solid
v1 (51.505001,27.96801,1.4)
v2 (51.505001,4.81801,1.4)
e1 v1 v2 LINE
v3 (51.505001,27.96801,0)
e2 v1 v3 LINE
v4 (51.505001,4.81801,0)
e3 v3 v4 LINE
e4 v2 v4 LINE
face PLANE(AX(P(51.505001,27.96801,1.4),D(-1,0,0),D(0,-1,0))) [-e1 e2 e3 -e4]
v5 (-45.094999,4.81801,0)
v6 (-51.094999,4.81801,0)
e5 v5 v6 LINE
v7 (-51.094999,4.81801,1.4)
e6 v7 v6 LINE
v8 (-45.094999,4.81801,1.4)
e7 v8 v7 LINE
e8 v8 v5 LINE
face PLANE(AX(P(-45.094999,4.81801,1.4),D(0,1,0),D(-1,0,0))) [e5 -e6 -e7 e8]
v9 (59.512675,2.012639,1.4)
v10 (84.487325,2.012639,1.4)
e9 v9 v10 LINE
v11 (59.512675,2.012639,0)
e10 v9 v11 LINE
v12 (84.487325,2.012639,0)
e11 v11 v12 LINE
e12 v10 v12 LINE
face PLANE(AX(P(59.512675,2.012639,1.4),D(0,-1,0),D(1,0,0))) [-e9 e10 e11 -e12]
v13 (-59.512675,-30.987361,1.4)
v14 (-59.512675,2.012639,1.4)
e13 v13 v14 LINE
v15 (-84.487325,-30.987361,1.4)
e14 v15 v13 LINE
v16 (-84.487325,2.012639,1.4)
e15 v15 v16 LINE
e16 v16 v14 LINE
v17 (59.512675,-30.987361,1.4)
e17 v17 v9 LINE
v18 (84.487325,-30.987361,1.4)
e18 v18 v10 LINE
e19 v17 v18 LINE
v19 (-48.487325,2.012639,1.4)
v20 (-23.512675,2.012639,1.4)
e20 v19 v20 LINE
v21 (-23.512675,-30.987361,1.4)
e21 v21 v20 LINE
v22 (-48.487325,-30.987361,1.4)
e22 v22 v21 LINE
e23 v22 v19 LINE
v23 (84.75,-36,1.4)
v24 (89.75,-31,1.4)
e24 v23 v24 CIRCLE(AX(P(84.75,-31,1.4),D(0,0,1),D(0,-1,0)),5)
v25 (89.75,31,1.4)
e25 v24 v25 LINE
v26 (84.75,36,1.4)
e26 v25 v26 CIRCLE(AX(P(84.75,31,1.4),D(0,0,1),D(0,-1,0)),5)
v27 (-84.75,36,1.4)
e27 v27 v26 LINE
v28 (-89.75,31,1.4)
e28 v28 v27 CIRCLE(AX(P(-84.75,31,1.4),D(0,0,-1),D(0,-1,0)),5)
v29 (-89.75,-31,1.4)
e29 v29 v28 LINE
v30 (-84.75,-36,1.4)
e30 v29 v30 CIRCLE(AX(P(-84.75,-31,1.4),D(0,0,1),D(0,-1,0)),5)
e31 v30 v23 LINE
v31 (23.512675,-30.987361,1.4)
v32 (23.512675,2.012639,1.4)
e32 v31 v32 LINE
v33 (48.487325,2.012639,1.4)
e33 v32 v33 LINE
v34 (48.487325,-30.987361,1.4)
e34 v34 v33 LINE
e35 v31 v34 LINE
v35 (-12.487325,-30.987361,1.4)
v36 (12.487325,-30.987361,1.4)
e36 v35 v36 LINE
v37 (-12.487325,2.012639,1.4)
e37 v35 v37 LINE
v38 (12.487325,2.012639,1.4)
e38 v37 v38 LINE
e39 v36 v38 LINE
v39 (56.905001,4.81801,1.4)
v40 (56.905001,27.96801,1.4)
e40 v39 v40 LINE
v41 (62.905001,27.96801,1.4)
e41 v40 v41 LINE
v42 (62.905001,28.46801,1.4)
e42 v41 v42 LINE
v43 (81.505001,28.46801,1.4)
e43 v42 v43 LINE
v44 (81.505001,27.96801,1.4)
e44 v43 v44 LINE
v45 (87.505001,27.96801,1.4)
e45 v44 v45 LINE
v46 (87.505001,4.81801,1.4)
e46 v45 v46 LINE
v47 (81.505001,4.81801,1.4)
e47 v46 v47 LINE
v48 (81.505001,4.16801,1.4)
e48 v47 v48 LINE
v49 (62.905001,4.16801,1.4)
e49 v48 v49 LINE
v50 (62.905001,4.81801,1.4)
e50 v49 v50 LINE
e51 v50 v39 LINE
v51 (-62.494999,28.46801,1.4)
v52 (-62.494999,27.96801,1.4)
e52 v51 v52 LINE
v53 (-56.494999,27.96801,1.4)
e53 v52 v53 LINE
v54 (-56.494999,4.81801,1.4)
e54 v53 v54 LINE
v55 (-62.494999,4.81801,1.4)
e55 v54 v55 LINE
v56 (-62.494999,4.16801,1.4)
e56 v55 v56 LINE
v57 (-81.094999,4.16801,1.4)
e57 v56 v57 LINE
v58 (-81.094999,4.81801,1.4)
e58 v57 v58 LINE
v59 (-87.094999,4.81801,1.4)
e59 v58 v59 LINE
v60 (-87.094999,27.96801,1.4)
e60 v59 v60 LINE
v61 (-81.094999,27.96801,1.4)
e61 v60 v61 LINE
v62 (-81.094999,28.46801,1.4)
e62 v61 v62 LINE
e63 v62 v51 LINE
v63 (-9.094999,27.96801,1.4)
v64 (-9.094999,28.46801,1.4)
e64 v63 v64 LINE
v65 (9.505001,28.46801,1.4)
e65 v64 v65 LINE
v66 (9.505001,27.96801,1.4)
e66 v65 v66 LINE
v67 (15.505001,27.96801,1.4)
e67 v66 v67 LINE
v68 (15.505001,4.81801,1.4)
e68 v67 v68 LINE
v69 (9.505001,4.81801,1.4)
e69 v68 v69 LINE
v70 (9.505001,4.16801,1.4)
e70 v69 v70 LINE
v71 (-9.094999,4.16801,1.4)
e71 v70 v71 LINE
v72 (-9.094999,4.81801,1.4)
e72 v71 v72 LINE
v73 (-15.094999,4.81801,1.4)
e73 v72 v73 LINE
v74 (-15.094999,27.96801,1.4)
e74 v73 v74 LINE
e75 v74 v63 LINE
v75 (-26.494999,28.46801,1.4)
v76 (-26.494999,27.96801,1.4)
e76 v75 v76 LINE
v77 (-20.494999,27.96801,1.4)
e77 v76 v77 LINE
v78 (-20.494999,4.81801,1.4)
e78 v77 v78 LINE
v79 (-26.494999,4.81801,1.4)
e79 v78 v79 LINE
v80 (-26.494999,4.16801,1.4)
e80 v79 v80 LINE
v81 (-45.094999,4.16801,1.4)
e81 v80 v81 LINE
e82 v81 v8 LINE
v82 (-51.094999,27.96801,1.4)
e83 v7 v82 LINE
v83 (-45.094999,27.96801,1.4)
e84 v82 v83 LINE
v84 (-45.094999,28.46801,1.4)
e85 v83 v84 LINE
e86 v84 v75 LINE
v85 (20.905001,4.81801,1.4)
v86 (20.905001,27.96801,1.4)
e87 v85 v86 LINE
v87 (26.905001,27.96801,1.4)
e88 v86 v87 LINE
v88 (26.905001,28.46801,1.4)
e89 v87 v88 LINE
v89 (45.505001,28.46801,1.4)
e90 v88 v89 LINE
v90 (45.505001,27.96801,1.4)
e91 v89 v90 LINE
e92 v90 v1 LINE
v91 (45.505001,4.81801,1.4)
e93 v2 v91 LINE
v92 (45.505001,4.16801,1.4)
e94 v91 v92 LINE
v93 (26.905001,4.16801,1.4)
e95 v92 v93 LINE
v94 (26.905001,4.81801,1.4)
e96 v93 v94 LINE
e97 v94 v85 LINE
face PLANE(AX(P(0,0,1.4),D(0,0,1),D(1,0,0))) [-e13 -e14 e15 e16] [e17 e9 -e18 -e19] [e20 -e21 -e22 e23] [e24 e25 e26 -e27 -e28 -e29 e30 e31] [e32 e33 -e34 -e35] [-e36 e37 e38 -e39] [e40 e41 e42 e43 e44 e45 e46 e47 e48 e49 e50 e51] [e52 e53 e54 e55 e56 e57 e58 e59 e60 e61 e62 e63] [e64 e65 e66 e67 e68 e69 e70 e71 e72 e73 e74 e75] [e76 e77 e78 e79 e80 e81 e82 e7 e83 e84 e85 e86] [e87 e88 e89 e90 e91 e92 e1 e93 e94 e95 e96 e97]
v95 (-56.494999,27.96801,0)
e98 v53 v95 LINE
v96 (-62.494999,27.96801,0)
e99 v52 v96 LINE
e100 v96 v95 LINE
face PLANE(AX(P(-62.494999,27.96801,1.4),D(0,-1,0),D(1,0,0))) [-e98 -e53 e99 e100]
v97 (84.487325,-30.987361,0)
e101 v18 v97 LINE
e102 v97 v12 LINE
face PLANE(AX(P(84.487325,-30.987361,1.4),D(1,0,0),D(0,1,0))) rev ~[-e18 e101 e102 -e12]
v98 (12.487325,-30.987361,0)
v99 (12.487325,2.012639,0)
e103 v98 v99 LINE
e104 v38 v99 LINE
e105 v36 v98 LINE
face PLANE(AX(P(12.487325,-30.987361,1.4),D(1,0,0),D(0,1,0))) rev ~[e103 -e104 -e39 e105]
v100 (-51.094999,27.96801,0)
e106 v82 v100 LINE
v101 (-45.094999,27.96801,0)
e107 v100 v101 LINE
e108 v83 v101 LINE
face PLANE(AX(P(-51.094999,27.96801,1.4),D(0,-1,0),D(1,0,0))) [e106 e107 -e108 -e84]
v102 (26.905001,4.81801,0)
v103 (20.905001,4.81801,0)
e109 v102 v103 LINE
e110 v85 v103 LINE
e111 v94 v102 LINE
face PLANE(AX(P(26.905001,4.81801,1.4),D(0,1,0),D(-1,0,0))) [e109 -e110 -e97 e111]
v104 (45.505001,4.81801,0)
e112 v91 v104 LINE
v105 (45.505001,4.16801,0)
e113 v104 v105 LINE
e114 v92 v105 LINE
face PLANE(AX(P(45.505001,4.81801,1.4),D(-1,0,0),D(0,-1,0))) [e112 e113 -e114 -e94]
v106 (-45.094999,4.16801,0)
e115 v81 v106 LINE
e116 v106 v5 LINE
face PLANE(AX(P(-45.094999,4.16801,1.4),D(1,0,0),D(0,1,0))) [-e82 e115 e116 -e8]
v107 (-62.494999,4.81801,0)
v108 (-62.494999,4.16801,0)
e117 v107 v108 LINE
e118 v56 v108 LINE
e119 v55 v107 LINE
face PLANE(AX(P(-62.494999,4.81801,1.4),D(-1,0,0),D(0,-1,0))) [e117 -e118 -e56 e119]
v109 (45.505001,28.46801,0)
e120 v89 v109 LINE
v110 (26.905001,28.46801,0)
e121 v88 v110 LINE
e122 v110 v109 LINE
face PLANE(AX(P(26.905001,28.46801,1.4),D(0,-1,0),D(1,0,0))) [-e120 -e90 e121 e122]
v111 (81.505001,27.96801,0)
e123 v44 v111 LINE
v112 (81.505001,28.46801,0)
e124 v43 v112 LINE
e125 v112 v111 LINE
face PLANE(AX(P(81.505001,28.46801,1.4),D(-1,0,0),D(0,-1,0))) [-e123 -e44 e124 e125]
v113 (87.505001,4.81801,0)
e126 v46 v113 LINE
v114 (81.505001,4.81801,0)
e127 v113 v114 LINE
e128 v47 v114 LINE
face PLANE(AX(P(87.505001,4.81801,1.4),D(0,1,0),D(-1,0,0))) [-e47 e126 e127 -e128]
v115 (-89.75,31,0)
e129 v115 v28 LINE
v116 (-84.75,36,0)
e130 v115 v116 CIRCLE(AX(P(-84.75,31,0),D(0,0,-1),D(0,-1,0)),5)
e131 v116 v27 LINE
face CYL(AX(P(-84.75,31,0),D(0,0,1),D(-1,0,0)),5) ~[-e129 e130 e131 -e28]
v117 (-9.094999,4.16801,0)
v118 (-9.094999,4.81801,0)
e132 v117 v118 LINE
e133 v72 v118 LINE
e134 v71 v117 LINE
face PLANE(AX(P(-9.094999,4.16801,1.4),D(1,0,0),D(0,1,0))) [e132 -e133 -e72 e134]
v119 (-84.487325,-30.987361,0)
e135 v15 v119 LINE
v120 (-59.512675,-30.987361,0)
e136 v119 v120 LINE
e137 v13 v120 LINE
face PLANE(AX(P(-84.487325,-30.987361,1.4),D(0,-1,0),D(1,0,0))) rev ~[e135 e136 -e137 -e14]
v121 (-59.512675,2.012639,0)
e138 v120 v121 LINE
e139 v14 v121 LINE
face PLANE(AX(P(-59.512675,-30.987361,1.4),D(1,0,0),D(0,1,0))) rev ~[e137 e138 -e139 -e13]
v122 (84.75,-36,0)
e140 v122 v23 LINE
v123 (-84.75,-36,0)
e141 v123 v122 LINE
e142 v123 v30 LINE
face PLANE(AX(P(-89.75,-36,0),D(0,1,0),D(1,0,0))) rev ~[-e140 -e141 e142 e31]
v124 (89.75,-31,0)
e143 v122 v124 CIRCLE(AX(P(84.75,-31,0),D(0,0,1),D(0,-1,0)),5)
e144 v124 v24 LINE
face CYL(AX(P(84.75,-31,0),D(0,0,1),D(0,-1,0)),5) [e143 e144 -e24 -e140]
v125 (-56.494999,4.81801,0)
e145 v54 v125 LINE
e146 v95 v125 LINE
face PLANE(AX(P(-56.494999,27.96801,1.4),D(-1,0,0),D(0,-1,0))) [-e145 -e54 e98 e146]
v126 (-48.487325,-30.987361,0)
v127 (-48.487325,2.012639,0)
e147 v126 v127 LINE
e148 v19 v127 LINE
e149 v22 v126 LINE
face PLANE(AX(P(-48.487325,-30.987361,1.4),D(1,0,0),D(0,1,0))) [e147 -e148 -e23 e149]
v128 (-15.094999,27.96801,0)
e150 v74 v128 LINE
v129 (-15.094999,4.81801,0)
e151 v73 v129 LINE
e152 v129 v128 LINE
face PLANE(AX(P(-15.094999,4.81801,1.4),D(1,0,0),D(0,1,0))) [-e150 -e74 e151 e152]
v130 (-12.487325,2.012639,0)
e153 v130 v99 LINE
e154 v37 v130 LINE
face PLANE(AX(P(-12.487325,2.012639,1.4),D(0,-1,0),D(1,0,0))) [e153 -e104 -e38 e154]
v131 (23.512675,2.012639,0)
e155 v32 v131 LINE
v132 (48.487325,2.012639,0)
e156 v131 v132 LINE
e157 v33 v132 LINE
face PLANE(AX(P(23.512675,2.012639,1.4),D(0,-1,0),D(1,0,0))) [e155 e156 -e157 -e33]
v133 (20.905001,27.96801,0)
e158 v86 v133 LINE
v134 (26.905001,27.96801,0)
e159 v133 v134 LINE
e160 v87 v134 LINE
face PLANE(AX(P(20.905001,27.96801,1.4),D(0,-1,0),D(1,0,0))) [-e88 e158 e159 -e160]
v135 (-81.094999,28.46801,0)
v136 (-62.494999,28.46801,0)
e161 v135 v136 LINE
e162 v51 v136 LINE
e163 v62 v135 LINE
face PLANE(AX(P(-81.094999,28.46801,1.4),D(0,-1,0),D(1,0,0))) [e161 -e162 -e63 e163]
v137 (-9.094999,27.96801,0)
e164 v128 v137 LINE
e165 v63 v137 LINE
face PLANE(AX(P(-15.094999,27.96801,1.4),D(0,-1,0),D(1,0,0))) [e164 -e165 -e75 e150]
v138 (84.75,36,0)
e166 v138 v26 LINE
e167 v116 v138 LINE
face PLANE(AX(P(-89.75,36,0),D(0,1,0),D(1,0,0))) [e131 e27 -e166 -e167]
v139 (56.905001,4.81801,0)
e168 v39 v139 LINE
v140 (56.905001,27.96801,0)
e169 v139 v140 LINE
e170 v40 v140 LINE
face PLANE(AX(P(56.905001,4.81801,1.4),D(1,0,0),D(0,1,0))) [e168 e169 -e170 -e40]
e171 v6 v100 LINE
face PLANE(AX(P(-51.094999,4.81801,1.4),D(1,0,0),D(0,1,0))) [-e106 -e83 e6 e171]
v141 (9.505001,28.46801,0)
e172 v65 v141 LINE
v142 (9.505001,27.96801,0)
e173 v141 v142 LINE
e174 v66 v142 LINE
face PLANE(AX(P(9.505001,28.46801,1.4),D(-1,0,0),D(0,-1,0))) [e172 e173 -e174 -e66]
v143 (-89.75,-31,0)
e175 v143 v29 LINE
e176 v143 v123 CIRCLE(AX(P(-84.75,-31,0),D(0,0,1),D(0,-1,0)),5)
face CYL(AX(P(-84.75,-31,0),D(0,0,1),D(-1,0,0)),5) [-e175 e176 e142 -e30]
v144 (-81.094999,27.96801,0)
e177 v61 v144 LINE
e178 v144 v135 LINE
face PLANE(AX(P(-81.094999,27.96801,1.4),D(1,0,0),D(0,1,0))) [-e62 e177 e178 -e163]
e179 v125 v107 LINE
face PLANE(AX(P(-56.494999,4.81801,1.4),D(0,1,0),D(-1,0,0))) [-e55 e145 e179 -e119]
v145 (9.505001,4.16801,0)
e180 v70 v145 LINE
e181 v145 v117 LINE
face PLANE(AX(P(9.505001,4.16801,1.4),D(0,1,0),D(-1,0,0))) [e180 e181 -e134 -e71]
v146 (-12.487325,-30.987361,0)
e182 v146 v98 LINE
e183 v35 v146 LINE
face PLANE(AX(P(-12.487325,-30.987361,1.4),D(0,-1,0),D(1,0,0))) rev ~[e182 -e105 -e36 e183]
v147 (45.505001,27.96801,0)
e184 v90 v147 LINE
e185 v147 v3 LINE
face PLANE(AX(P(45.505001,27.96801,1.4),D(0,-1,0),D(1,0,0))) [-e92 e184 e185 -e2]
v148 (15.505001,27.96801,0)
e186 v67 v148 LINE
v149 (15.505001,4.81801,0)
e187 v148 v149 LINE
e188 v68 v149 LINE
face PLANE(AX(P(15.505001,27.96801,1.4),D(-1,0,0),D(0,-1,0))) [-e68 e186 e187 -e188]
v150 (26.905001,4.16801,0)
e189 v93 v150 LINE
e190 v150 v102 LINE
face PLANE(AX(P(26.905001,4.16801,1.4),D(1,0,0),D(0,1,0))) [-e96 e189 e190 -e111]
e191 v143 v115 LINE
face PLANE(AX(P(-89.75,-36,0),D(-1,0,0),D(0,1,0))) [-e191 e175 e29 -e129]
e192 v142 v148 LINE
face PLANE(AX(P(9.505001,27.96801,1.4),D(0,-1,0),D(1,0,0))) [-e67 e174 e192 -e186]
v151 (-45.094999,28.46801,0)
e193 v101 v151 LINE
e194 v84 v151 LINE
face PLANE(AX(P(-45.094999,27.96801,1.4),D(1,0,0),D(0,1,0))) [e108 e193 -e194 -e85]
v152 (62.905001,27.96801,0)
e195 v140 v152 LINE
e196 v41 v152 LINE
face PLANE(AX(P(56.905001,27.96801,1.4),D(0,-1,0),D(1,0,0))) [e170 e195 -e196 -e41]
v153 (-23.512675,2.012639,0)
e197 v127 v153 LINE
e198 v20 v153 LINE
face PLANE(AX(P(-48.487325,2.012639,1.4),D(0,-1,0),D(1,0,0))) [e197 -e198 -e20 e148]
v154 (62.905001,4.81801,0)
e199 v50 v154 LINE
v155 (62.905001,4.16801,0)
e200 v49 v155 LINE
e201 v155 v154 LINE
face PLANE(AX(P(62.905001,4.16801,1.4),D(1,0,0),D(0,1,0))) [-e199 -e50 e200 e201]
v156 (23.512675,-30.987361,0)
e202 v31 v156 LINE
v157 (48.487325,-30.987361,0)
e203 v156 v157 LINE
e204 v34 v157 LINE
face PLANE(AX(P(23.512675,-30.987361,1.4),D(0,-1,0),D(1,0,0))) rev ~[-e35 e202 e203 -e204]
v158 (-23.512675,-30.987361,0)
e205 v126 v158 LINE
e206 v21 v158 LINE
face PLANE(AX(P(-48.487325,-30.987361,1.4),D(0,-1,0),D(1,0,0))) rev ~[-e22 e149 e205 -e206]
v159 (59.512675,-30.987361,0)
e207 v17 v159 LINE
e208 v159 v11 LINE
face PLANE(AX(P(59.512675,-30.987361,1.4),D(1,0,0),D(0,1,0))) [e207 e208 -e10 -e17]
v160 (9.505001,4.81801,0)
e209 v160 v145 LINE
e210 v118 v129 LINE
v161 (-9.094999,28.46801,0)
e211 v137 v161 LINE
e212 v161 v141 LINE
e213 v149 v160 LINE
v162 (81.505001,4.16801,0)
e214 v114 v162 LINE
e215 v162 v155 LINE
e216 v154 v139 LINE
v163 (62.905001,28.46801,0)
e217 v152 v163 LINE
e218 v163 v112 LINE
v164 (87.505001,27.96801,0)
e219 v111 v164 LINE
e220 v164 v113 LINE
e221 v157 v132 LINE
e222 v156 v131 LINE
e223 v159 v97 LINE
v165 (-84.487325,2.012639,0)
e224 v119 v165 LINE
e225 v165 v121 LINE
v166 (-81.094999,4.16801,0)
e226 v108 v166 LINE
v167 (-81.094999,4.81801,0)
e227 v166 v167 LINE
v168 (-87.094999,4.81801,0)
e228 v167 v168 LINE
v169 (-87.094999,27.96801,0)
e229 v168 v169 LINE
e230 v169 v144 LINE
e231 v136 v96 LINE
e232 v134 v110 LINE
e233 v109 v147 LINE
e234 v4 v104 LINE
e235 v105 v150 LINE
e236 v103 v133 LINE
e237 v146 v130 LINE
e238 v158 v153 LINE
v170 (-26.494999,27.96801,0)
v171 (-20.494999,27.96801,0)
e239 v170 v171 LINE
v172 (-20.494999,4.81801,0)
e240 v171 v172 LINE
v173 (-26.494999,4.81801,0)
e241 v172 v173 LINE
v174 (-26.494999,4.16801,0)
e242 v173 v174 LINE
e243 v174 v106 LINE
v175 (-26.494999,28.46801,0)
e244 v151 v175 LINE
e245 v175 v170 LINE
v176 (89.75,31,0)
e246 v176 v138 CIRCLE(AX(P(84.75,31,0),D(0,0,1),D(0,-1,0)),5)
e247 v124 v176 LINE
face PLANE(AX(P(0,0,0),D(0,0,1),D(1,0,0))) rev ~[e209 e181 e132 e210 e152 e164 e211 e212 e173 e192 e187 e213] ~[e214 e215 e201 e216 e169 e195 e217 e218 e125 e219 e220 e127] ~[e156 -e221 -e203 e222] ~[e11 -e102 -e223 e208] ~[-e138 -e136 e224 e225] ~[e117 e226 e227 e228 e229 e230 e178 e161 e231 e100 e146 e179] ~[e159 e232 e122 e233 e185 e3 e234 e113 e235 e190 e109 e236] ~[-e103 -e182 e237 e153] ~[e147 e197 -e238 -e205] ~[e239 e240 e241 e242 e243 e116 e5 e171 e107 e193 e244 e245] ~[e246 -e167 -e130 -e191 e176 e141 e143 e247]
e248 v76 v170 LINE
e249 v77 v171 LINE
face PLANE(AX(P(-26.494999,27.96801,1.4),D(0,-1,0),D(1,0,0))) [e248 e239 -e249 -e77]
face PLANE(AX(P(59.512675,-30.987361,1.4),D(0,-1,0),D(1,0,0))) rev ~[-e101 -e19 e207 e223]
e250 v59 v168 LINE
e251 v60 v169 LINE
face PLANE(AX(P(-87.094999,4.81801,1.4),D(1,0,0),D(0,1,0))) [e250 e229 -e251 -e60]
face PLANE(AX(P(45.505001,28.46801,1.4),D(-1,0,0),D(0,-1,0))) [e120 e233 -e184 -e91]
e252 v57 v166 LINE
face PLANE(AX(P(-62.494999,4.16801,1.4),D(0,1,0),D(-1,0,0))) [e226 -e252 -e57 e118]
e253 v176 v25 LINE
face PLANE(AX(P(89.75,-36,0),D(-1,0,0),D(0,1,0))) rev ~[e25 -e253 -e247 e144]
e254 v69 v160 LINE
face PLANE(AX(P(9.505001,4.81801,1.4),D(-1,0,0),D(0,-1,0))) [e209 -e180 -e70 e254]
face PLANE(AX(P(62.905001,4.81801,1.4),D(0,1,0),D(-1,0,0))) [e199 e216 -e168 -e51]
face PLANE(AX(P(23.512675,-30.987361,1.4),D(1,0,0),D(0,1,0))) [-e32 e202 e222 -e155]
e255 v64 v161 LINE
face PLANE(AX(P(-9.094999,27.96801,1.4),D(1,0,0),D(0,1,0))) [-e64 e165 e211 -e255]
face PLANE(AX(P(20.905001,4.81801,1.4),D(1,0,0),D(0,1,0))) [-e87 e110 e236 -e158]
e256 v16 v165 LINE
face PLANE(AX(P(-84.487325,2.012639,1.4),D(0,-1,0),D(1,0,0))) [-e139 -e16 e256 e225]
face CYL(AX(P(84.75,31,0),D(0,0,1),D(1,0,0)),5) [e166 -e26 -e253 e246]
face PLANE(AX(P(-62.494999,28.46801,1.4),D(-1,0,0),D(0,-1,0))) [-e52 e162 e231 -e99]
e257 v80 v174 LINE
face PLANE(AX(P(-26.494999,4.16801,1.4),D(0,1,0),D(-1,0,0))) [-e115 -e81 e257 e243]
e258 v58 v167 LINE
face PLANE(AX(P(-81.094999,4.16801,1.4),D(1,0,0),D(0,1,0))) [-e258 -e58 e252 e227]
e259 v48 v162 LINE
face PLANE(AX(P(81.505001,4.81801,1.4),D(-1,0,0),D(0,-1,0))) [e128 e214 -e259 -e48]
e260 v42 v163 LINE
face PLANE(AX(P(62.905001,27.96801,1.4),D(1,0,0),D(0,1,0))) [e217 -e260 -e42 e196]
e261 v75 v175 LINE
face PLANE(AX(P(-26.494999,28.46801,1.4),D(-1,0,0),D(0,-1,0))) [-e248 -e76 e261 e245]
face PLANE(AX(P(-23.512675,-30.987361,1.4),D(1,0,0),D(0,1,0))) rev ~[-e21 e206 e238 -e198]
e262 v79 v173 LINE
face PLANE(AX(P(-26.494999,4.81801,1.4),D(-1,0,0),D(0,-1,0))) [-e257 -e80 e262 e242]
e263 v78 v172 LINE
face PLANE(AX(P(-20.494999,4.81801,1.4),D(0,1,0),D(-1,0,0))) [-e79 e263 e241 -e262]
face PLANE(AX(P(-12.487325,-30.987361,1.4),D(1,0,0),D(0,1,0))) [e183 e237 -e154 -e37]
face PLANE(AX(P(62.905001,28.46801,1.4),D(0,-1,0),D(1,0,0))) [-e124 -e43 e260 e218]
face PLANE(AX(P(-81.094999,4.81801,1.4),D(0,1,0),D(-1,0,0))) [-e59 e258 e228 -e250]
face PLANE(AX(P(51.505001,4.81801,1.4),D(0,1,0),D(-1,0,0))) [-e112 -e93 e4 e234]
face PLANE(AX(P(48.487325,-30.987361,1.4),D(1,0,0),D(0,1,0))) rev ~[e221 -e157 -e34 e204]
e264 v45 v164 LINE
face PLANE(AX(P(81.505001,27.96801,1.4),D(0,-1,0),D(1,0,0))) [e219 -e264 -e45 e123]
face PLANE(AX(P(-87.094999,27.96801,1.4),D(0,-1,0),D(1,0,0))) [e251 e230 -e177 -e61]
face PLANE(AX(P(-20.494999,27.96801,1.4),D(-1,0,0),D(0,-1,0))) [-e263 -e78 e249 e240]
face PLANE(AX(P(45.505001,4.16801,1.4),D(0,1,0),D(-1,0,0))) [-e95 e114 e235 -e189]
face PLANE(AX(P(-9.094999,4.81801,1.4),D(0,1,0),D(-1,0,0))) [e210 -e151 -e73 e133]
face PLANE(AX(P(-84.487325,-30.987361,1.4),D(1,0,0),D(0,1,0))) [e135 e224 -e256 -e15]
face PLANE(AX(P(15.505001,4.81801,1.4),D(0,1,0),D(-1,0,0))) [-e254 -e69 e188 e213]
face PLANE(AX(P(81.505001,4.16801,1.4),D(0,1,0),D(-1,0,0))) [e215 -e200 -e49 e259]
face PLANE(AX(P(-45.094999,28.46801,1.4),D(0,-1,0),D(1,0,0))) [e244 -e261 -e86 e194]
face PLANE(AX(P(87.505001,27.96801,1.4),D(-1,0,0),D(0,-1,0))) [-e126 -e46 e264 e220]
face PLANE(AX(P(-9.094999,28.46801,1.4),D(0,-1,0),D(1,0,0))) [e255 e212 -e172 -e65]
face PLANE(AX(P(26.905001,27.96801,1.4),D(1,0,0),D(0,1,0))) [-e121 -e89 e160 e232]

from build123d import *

# Parameters (mm, degrees)
SKIZZE1_W                       = 179.5
SKIZZE1_H                       = 72
AUFSATZ_LINEAR_AUSTRAGEN1_DEPTH = 1.4
VERRUNDUNG1_R                   = 5
SKIZZE2_W                       = 24.97465075
SKIZZE2_H                       = 33
SCHNITT_LINEAR_AUSTRAGEN1_DEPTH = 97.711025742
SCHNITT_LINEAR_AUSTRAGEN2_DEPTH = 97.711025742
LINEARES_MUSTER1_COUNT          = 5
LINEARES_MUSTER1_PITCH          = 36


with BuildPart() as part:
    # Skizze1 → Aufsatz-Linear austragen1 (new body)
    with BuildSketch(Plane.XY):
        Rectangle(SKIZZE1_W, SKIZZE1_H)
    extrude(amount=AUFSATZ_LINEAR_AUSTRAGEN1_DEPTH)

    # Verrundung1
    verrundung1_edges = [part.edges().sort_by_distance(p)[0] for p in [
        (89.75, -36, 0.7),
        (-89.75, -36, 0.7),
        (-89.75, 36, 0.7),
        (89.75, 36, 0.7),
    ]]
    fillet(verrundung1_edges, radius=VERRUNDUNG1_R)

    # Skizze2 → Schnitt-Linear austragen1 (cut, through all)
    with BuildSketch(Plane.XY.offset(1.4)):
        with Locations((72, -14.487360935)):
            Rectangle(SKIZZE2_W, SKIZZE2_H)
    schnitt_linear_austragen1 = extrude(amount=-SCHNITT_LINEAR_AUSTRAGEN1_DEPTH, mode=Mode.SUBTRACT)

    # Skizze3 → Schnitt-Linear austragen2 (cut, through all)
    with BuildSketch(Plane.XY.offset(1.4)):
        Polygon((62.905000508, 28.468009652), (81.505000508, 28.468009652), (81.505000508, 27.968009652), (87.505000508, 27.968009652), (87.505000508, 4.818009652), (81.505000508, 4.818009652), (81.505000508, 4.168009652), (62.905000508, 4.168009652), (62.905000508, 4.818009652), (56.905000508, 4.818009652), (56.905000508, 27.968009652), (62.905000508, 27.968009652), align=None)
    schnitt_linear_austragen2 = extrude(amount=-SCHNITT_LINEAR_AUSTRAGEN2_DEPTH, mode=Mode.SUBTRACT)

    # Lineares Muster1: Schnitt-Linear austragen1, Schnitt-Linear austragen2 ×5
    with Locations(*[(-i * LINEARES_MUSTER1_PITCH, 0, 0) for i in range(1, LINEARES_MUSTER1_COUNT)]):
        add(schnitt_linear_austragen1, mode=Mode.SUBTRACT)
        add(schnitt_linear_austragen2, mode=Mode.SUBTRACT)


solid = part.part
